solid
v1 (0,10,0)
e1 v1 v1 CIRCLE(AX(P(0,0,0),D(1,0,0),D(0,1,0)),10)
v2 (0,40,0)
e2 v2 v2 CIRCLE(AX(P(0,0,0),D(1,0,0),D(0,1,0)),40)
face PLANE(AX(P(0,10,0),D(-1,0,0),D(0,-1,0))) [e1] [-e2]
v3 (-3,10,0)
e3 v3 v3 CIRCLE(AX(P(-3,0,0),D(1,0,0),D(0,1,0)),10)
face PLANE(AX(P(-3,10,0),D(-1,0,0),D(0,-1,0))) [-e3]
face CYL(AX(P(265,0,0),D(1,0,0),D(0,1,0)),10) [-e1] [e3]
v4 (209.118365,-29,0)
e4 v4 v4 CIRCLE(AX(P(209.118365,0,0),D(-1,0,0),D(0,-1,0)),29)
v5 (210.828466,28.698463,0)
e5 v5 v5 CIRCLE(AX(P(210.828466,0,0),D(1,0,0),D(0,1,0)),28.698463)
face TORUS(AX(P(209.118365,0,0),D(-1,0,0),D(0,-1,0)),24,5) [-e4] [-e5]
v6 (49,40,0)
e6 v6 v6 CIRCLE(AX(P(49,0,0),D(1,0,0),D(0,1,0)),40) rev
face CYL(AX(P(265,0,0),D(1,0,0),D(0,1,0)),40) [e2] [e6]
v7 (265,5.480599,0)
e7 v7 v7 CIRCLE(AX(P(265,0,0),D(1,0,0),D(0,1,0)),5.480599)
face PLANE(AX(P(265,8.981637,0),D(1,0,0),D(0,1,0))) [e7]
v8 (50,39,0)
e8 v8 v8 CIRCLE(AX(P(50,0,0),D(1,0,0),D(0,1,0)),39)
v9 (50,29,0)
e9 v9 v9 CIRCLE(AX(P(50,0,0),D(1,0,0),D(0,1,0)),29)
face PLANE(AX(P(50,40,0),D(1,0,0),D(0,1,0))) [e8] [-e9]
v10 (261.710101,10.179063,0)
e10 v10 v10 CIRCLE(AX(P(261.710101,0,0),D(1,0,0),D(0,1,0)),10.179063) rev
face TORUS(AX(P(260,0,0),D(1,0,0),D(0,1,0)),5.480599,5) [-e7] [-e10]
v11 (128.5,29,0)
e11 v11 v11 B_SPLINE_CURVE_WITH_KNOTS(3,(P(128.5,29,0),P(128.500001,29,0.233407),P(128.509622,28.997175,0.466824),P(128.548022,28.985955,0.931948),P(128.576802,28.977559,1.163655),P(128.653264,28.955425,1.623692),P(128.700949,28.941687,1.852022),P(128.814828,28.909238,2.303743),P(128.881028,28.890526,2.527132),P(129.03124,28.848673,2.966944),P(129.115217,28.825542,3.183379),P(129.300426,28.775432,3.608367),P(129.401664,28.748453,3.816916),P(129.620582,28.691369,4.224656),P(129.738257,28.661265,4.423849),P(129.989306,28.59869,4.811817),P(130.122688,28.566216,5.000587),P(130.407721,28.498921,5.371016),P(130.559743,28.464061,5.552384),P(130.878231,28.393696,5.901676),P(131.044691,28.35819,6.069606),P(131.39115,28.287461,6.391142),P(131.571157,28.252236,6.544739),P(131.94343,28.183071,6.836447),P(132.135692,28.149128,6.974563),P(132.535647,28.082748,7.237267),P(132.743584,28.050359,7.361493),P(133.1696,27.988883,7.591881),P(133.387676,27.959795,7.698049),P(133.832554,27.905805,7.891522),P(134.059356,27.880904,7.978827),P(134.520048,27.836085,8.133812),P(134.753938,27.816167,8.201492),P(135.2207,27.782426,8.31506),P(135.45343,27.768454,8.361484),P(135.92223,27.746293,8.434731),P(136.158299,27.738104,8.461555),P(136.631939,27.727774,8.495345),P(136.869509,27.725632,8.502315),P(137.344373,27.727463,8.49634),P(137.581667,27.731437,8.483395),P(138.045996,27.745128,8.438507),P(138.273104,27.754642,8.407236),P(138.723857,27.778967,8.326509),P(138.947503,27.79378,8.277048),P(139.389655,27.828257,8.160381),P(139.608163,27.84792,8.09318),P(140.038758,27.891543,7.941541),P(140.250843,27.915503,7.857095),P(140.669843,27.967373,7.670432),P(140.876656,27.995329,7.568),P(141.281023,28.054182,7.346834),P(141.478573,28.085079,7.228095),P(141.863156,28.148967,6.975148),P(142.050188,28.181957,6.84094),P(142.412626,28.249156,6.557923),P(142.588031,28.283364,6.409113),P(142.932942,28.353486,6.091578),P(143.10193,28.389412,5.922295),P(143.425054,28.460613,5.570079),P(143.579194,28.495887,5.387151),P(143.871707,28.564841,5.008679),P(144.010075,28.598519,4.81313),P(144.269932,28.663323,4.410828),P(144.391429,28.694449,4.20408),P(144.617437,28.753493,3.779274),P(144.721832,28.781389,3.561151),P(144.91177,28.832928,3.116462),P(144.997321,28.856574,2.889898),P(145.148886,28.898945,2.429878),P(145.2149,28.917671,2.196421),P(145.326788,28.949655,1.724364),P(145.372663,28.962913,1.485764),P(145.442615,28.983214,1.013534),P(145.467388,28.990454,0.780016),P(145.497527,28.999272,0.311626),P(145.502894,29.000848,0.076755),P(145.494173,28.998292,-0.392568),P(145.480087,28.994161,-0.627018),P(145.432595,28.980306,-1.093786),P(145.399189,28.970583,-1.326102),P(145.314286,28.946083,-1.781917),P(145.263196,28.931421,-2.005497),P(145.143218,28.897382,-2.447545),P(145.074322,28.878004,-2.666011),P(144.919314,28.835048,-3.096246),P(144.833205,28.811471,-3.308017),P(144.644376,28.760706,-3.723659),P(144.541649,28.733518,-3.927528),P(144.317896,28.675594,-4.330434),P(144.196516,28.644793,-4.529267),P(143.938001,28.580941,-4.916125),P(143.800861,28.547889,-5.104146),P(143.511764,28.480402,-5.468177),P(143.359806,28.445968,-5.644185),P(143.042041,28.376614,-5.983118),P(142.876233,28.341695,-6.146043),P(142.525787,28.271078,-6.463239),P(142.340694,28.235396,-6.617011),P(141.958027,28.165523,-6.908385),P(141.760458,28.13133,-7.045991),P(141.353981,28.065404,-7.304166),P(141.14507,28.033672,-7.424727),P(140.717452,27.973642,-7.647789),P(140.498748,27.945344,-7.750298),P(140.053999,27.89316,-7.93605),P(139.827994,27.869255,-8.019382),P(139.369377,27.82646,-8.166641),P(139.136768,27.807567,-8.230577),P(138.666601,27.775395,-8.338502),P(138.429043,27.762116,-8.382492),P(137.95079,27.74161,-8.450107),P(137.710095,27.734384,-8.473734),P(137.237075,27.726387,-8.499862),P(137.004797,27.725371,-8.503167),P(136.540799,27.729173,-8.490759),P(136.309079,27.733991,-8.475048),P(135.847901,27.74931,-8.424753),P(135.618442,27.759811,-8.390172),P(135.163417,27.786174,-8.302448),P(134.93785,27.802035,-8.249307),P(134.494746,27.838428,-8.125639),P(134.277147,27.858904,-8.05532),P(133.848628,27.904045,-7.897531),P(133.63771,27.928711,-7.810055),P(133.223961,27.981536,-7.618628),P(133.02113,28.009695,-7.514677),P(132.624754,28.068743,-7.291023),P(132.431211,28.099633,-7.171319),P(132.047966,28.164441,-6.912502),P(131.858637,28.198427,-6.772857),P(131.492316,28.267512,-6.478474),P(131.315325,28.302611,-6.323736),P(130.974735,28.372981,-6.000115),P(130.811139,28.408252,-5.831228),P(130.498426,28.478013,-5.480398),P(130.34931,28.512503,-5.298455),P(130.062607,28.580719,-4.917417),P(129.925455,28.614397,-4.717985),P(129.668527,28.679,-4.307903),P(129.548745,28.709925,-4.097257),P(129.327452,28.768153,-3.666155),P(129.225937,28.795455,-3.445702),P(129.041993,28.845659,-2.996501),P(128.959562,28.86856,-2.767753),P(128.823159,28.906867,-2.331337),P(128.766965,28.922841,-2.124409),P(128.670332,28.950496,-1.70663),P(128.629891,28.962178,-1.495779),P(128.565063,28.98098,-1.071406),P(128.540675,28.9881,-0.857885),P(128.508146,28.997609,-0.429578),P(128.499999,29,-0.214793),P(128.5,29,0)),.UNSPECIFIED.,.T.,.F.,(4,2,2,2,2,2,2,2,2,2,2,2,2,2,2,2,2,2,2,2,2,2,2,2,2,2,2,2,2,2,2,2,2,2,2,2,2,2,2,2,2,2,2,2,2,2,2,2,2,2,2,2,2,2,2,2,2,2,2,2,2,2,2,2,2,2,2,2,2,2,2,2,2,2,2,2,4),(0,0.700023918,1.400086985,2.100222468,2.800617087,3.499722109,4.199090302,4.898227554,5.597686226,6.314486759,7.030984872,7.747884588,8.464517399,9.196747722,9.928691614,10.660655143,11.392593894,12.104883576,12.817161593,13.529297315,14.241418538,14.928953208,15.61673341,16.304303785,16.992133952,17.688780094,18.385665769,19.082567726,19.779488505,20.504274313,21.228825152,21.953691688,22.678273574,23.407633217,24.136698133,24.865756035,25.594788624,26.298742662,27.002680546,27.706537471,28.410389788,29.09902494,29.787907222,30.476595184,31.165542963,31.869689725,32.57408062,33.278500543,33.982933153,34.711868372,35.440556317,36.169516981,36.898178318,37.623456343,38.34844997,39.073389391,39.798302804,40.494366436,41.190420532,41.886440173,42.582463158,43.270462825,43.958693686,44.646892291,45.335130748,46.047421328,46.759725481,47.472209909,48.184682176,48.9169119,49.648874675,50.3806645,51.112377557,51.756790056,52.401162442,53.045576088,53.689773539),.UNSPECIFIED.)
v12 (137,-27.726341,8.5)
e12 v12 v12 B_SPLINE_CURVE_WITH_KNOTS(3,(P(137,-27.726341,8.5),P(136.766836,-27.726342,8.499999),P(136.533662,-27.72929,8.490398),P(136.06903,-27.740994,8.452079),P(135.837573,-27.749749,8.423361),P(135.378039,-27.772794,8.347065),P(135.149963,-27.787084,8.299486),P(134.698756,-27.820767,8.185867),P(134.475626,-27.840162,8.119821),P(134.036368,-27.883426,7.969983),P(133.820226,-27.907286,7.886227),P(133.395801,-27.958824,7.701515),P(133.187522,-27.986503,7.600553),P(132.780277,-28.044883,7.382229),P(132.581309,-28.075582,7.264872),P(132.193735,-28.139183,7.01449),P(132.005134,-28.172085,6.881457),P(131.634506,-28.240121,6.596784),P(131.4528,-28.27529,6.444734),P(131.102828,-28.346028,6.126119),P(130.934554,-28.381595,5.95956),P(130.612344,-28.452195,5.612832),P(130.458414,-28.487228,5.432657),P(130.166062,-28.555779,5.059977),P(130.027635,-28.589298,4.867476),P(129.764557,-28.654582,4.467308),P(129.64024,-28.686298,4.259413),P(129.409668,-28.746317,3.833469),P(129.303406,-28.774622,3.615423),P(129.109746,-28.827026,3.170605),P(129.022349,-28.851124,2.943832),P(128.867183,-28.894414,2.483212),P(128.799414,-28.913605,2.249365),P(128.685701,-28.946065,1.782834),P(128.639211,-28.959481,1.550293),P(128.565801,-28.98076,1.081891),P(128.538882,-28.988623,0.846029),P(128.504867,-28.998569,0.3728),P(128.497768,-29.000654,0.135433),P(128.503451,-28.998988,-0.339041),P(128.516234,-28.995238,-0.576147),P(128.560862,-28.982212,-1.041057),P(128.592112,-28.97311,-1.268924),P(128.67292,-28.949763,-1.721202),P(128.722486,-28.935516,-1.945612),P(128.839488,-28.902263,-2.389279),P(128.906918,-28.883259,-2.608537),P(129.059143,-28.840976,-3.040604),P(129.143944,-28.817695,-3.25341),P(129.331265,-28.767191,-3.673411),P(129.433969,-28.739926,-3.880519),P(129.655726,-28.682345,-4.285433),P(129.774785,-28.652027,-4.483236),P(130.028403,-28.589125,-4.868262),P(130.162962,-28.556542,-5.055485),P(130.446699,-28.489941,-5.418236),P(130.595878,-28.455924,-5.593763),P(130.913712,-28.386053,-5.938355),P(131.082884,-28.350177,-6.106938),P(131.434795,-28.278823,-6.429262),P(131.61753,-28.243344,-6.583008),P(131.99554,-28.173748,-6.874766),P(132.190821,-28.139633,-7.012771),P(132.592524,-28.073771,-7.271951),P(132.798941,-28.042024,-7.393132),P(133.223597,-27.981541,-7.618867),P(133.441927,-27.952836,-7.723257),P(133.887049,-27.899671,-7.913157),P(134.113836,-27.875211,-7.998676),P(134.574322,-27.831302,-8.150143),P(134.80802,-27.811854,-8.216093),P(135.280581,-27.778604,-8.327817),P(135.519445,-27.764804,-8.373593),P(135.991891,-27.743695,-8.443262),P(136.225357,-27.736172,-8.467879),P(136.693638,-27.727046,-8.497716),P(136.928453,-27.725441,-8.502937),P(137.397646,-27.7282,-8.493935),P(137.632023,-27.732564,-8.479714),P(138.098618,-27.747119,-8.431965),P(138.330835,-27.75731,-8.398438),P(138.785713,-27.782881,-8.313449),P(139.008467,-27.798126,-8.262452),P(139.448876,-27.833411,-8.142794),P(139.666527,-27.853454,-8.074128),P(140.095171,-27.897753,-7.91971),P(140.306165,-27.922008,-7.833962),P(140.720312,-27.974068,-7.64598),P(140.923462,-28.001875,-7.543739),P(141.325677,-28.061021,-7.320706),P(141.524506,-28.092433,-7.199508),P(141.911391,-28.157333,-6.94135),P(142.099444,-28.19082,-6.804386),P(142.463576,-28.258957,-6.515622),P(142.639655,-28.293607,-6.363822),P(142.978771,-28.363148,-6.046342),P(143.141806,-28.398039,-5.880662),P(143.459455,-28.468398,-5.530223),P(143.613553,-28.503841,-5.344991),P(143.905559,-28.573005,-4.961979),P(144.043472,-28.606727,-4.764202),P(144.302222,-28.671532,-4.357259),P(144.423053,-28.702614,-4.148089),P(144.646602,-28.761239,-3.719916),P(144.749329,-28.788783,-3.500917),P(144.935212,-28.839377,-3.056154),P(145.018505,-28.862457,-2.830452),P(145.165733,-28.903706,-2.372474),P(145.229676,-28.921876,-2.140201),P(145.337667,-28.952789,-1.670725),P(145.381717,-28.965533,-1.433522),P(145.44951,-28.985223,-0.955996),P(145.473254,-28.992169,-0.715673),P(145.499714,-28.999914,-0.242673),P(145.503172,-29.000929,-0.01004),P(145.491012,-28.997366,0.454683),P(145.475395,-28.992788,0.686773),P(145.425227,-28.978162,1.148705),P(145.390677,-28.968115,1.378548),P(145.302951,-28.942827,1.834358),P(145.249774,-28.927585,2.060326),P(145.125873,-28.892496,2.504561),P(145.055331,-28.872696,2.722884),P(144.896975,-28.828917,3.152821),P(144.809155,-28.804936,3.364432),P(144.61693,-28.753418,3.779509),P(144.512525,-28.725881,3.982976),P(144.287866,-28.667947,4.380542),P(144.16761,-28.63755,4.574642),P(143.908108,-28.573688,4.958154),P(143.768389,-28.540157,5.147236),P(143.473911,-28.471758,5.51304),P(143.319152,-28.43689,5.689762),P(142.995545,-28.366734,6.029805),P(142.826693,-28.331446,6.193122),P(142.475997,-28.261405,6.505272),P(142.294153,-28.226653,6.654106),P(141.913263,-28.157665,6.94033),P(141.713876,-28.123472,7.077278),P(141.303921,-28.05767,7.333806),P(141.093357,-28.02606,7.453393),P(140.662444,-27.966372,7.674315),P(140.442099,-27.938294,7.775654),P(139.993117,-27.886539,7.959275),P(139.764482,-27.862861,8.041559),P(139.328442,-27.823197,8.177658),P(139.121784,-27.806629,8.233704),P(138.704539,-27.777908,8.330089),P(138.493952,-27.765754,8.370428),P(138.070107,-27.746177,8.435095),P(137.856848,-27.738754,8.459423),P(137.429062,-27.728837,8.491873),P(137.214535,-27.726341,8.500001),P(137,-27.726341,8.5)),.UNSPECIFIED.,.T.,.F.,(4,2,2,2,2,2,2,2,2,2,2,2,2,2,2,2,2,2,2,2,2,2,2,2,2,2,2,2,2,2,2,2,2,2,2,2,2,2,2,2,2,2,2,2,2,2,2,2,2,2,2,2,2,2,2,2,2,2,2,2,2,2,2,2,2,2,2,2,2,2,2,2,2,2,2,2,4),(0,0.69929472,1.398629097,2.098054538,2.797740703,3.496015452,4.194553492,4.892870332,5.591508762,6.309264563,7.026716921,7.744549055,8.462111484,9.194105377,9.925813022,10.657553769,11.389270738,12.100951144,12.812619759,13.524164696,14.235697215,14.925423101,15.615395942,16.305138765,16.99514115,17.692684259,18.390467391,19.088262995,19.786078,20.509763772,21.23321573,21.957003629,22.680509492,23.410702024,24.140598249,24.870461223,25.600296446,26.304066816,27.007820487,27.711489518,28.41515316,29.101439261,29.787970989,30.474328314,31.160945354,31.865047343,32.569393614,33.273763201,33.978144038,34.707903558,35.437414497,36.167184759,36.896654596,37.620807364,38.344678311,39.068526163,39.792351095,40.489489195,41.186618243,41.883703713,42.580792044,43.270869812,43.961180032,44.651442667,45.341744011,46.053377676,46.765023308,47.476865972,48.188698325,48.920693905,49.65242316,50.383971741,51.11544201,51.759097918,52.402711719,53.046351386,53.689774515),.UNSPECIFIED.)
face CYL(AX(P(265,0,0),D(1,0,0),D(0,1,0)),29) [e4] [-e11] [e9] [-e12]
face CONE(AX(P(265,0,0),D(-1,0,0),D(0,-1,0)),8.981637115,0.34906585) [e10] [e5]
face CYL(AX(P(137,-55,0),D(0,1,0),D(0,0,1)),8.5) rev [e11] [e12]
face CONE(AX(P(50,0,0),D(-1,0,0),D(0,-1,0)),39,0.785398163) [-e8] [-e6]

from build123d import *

# Parameters (mm, degrees)
FASE1_SIZE                      = 1
VERRUNDUNG1_R                   = 5
SKIZZE2_R                       = 8.5
SCHNITT_LINEAR_AUSTRAGEN1_DEPTH = 55


with BuildPart() as part:
    # Skizze1 → Rotation1 (revolve)
    with BuildSketch(Plane.XY):
        Polygon((0, 40), (50, 40), (50, 29), (210, 29), (265, 8.981637115), (265, 0), (0, 0), (-3, 0), (-3, 10), (0, 10), align=None)
    revolve(axis=Axis((265, 0, 0), (-1, 0, 0)))

    # Fase1
    fase1_edges = [part.edges().sort_by_distance(p)[0] for p in [
        (50, -40, 0),
    ]]
    chamfer(fase1_edges, length=FASE1_SIZE)

    # Verrundung1
    verrundung1_edges = [part.edges().sort_by_distance(p)[0] for p in [
        (265, -8.981637115, 0),
        (210, -29, 0),
    ]]
    fillet(verrundung1_edges, radius=VERRUNDUNG1_R)

    # Skizze2 → Schnitt-Linear austragen1 (cut, symmetric)
    with BuildSketch(Plane(origin=(0, 0, 0), x_dir=(1, 0, 0), z_dir=(0, 1, 0))):
        with Locations(Location((137, 0, 0), (0, 0, 270))):  # turned: the seam where the file's is
            Circle(SKIZZE2_R)
    extrude(amount=SCHNITT_LINEAR_AUSTRAGEN1_DEPTH, both=True, mode=Mode.SUBTRACT)


solid = part.part
